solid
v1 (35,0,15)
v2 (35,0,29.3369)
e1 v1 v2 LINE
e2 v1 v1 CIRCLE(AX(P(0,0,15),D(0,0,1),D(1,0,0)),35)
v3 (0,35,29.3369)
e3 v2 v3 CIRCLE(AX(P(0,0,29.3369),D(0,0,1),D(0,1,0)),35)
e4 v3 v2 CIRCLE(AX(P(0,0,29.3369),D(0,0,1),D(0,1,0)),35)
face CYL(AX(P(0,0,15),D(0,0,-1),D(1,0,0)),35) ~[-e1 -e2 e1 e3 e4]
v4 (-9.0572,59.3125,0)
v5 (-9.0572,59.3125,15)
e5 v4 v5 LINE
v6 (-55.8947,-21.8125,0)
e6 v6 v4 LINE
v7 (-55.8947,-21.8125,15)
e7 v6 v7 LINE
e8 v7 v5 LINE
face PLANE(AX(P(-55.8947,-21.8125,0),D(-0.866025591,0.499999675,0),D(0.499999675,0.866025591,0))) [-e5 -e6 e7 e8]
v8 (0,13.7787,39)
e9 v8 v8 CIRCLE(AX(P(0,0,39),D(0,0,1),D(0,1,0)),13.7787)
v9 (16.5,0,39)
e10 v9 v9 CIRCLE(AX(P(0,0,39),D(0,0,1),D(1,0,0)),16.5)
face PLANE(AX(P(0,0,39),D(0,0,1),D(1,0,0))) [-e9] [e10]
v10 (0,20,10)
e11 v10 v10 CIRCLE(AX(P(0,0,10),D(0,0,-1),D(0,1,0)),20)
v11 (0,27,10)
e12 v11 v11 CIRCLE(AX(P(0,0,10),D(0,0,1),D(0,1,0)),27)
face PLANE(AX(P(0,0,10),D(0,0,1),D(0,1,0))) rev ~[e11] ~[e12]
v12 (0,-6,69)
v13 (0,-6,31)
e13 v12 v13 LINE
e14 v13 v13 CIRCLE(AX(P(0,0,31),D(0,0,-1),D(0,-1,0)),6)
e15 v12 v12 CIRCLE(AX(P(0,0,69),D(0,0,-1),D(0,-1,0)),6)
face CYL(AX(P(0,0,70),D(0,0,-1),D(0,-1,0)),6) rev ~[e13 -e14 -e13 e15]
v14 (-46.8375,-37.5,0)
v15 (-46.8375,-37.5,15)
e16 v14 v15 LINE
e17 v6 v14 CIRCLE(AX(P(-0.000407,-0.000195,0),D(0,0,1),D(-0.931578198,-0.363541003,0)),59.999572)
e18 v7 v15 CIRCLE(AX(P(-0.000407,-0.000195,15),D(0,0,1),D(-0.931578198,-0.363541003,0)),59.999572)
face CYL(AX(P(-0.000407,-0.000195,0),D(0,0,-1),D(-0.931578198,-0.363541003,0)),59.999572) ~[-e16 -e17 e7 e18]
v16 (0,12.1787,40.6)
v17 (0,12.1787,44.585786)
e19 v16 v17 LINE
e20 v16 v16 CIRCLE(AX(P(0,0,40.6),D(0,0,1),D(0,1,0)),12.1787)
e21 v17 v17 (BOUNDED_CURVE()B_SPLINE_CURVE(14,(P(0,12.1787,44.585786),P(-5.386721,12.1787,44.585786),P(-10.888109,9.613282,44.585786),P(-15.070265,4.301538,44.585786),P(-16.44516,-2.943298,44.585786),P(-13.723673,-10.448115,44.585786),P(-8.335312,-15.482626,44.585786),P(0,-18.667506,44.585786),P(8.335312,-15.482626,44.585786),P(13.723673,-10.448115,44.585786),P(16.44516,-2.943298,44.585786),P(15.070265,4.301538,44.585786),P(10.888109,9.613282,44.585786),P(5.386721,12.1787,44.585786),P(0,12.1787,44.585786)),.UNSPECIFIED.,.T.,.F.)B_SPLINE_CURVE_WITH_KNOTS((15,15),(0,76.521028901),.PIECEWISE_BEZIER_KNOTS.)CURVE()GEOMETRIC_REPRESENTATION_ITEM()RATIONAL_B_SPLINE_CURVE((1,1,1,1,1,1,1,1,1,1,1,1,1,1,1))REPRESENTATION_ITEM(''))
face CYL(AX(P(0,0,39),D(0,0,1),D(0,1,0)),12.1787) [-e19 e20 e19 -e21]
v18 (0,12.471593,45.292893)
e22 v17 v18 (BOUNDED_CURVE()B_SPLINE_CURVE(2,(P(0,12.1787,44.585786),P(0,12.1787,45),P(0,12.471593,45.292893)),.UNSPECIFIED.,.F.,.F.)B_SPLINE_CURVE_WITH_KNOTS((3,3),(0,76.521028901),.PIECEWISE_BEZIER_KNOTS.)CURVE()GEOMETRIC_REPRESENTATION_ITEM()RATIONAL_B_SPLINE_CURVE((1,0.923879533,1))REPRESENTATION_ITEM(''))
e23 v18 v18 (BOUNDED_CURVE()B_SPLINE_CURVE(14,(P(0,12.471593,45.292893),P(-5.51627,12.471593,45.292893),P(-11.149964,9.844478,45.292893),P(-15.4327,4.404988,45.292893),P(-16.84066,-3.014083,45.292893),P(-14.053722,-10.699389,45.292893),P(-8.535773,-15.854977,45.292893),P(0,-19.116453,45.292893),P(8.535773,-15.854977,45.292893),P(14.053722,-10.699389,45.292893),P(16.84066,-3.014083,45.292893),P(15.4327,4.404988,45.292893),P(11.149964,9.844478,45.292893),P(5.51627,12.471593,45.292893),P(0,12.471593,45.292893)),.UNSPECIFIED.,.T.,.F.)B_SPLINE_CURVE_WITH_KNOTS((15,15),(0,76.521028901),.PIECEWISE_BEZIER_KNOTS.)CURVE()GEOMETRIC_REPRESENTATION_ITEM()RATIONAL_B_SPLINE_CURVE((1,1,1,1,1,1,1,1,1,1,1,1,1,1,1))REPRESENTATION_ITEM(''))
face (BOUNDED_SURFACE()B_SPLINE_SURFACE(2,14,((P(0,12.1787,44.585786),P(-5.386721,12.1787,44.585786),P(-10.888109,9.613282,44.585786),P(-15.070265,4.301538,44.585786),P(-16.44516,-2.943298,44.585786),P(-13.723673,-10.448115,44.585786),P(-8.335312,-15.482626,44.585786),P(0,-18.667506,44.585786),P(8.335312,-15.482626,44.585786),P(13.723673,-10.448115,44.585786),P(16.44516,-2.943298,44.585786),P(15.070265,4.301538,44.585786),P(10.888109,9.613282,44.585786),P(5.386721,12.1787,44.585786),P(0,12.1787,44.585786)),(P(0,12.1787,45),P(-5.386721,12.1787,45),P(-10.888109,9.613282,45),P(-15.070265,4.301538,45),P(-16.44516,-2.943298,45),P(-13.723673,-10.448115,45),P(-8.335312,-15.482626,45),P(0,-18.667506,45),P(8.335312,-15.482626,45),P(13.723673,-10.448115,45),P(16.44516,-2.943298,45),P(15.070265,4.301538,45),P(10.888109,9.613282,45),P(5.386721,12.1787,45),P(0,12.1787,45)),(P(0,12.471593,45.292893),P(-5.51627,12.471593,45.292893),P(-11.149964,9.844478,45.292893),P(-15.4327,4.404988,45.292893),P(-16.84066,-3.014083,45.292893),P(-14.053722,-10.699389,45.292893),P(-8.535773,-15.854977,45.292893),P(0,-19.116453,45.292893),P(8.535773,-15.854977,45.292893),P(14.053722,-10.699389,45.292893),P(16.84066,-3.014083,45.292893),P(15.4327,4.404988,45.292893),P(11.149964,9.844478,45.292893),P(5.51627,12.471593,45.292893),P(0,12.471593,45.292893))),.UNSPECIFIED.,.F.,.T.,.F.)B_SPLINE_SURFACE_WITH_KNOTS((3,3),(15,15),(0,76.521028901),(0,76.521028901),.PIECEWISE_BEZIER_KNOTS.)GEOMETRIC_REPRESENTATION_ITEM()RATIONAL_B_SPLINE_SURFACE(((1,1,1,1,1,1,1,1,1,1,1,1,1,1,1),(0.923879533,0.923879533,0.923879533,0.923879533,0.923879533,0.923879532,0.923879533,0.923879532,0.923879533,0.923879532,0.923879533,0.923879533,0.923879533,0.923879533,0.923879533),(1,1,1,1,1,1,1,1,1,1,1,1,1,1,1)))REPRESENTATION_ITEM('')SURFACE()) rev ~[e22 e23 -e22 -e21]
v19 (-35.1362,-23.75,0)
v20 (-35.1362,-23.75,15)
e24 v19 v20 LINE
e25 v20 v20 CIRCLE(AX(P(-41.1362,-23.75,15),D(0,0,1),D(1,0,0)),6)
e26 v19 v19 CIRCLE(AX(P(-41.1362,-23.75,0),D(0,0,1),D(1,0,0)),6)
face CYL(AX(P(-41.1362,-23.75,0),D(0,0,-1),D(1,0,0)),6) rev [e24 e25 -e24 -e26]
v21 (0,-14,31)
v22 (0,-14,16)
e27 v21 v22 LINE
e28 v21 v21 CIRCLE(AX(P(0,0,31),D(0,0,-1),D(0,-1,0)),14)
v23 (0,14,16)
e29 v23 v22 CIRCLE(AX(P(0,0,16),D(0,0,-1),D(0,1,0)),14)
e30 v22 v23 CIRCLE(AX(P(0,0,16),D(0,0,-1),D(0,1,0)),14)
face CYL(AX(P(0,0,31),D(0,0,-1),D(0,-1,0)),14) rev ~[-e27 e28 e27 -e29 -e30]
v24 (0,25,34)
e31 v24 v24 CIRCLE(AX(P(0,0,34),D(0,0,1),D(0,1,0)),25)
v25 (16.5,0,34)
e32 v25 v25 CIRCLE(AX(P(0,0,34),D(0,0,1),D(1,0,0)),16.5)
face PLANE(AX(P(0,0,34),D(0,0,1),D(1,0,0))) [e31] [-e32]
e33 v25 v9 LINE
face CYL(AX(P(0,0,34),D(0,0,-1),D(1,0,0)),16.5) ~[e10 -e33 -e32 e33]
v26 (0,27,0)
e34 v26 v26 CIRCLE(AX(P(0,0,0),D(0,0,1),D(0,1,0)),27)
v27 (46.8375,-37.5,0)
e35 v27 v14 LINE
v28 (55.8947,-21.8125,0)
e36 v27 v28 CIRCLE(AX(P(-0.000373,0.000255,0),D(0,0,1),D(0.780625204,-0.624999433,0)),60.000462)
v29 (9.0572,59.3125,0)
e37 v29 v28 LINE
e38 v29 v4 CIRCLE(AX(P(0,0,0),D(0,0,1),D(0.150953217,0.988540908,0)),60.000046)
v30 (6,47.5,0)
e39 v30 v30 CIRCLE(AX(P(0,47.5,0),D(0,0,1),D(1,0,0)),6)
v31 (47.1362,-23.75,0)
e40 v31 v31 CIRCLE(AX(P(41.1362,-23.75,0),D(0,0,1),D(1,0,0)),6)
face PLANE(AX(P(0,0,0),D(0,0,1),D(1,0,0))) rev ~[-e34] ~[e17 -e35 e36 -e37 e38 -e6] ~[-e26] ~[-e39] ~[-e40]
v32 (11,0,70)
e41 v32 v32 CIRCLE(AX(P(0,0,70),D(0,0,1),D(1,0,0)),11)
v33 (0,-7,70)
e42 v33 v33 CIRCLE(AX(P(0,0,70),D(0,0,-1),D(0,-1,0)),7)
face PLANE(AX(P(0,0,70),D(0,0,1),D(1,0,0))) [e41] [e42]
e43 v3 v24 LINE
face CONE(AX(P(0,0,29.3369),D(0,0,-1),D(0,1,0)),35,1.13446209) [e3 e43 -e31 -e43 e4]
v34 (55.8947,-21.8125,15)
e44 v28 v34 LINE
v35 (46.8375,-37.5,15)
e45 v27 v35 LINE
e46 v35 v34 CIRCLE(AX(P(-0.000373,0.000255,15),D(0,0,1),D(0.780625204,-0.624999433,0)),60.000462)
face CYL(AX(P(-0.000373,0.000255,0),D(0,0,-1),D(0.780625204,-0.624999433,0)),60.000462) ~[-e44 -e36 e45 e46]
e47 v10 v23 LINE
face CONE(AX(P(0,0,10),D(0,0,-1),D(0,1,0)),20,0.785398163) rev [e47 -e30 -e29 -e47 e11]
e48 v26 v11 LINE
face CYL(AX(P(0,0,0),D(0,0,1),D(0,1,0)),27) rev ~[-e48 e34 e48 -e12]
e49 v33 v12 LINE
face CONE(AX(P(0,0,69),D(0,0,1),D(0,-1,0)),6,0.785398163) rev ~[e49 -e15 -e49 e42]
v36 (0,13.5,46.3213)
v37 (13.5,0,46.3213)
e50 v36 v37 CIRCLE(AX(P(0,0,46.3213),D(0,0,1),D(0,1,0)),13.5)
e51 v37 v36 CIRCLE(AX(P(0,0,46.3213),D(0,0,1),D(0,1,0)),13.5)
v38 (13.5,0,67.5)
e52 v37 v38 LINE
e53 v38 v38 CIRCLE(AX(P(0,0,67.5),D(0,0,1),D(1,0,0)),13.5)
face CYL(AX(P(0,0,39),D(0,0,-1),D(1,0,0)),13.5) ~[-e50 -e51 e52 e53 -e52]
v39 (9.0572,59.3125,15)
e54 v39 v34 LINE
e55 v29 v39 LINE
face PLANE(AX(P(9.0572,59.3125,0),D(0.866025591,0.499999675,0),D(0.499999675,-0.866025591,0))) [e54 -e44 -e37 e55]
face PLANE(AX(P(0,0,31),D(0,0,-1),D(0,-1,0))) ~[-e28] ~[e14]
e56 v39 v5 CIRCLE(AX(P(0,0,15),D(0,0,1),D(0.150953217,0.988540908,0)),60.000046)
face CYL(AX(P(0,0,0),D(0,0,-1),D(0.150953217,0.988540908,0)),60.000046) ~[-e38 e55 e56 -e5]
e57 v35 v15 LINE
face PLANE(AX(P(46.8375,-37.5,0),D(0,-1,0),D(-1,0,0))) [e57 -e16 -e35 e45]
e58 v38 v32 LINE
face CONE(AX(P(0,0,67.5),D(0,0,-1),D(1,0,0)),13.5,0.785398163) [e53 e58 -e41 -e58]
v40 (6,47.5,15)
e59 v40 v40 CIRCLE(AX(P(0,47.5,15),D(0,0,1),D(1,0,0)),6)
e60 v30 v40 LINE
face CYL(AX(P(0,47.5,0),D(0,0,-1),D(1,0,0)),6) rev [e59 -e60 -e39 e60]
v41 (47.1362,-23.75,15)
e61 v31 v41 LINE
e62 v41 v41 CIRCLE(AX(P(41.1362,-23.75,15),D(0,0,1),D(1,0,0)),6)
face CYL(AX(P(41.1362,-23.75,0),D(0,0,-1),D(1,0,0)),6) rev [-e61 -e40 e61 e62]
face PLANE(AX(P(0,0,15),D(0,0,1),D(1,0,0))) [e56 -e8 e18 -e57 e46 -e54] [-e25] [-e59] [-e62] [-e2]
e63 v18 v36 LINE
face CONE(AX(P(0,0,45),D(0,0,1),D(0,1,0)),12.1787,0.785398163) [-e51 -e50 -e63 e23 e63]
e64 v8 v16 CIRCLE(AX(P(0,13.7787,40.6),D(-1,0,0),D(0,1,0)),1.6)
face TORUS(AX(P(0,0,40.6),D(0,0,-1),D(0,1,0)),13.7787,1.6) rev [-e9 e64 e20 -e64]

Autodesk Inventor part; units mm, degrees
ref_plane "YZ Plane" through (0, 0, 0) normal (1, 0, 0) x (0, 1, 0)
ref_plane "XZ Plane" through (0, 0, 0) normal (0, 1, 0) x (-1, 0, 0)
ref_plane "XY Plane" through (0, 0, 0) normal (0, 0, 1) x (1, 0, 0)
sketch "Эскиз1" plane through (0, 0, 0) normal (0, 0, 1) x (1, 0, 0)
  line L0 (9.0572, 59.3125) -> (55.8947, -21.8125)
  line L1 (46.8375, -37.5) -> (-46.8375, -37.5)
  line L2 (-55.8947, -21.8125) -> (-9.0572, 59.3125)
  arc A0 (9.0572, 59.3125) -> (-9.0572, 59.3125) centre (0, 0) ccw
  arc A1 (-55.8947, -21.8125) -> (-46.8375, -37.5) centre (0, 0) ccw
  arc A2 (46.8375, -37.5) -> (55.8947, -21.8125) centre (0, 0) ccw
  circle A3 centre (0, 47.5) radius 6
  circle A4 centre (-41.1362, -23.75) radius 6
  circle A5 centre (41.1362, -23.75) radius 6
  dimension "d3" = 12
  dimension "d6" = 360
extrude "Выдавливание1" add sketch "Эскиз1" along normal blind 15
sketch "Эскиз2" plane through (0, 0, 15) normal (0, 0, 1) x (1, 0, 0)
  circle A0 centre (0, 0) radius 35
  dimension "d10" = 70
extrude "Выдавливание2" add sketch "Эскиз2" along normal blind 19
sketch "Эскиз3" plane through (0, 0, 0) normal (1, 0, 0) x (0, 1, 0)
  line L0 (-35, 15) -> (-35, 34) projected
  line L1 (35, 34) -> (-35, 34) projected
  line L2 (35, 15) -> (35, 34) projected
  line L3 (35, 29.3369) -> (25, 34)
  line L4 (0, 34) -> (0, 40.7436)
  point P0 (0, 0)
  dimension "d13" = 25
  dimension "d14" = 25
revolve "Вращение1" cut sketch "Эскиз3" angle 360 about axis through (0, 0, 34) along (0, 0, 1)
sketch "Эскиз4" plane through (0, 0, 34) normal (0, 0, 1) x (1, 0, 0)
  circle A0 centre (0, 0) radius 16.5
  dimension "d16" = 33
extrude "Выдавливание3" add sketch "Эскиз4" along normal blind 5
sketch "Эскиз5" plane through (0, 0, 39) normal (0, 0, 1) x (1, 0, 0)
  circle A0 centre (0, 0) radius 13.5
  dimension "d19" = 27
extrude "Выдавливание4" add sketch "Эскиз5" along normal blind 31
sketch "Эскиз6" plane through (0, 0, 0) normal (1, 0, 0) x (0, 1, 0)
  line L0 (-13.5, 39) -> (13.5, 39) projected
  line L1 (16.5, 39) -> (-16.5, 39) projected
  line L2 (13.5, 70) -> (-13.5, 70) projected
  line L3 (0, 70) -> (0, 78.8813)
  line L4 (12.1787, 39) -> (12.1787, 45)
  line L5 (12.1787, 45) -> (13.5, 46.3213)
  line L6 (13.5, 39) -> (13.5, 70) projected
  point P0 (0, 0)
  dimension "d22" = 45
  dimension "d23" = 6
revolve "Вращение2" cut sketch "Эскиз6" angle 360 about axis through (0, 0, 70) along (0, 0, 1)
fillet "Сопряжение1" radius 1.6 1 edges at (0, -12.1787, 39)
fillet "Сопряжение2" radius 1 1 edges at (0, -12.1787, 45)
thread "Резьба1" size "M27x3" class "6g" standard "ISO Metric profile" full length
chamfer "Фаска1" distance 2.5 angle 45 1 edges at (-13.5, 0, 70)
sketch "Эскиз7" plane through (0, 0, 0) normal (0, 0, -1) x (-1, 0, 0)
  point P0 (0, 0)
  point P1 (0, 0)
hole "Отверстие1" at (0, 0, 0) direction (0, 0, 1) diameter 54 depth 10
sketch "Эскиз8" plane through (0, 0, 10) normal (0, 0, -1) x (-1, 0, 0)
  point P0 (0, 0)
  point P1 (0, 0)
sketch "Эскиз9" plane through (0, 0, 70) normal (0, 0, 1) x (1, 0, 0)
  point P0 (0, 0)
  point P1 (0, 0)
hole "Отверстие2" at (0, 0, 70) direction (0, 0, -1) diameter 12 depth 39
chamfer "Фаска2" distance 1 angle 45 1 edges at (0, 6, 70)
sketch "Эскиз10" plane through (0, 0, 31) normal (0, 0, 1) x (1, 0, 0)
  point P0 (0, 0)
  point P1 (0, 0)
hole "Отверстие3" at (0, 0, 31) direction (0, 0, -1) diameter 28 end through all
sketch "Эскиз11" plane through (0, 0, 0) normal (1, 0, 0) x (0, 1, 0)
  line L0 (14, 10) -> (-14, 10) projected
  line L1 (-27, 10) -> (27, 10) projected
  line L2 (-14, 31) -> (14, 31) projected
  line L3 (0, 10) -> (0, -15.8706)
  line L4 (20, 10) -> (14, 16)
  line L5 (14, 10) -> (-14, 10) projected
  line L6 (-14, 31) -> (14, 31) projected
  line L7 (14, 10) -> (14, 22.3316)
  line L8 (14, 10) -> (14, 31) projected
  point P0 (0, 0)
  dimension "d56" = 45
  dimension "d57" = 6
revolve "Вращение3" cut sketch "Эскиз11" angle 360 about axis through (0, 0, 10) along (0, 0, -1)
properties part number "Люляев"
